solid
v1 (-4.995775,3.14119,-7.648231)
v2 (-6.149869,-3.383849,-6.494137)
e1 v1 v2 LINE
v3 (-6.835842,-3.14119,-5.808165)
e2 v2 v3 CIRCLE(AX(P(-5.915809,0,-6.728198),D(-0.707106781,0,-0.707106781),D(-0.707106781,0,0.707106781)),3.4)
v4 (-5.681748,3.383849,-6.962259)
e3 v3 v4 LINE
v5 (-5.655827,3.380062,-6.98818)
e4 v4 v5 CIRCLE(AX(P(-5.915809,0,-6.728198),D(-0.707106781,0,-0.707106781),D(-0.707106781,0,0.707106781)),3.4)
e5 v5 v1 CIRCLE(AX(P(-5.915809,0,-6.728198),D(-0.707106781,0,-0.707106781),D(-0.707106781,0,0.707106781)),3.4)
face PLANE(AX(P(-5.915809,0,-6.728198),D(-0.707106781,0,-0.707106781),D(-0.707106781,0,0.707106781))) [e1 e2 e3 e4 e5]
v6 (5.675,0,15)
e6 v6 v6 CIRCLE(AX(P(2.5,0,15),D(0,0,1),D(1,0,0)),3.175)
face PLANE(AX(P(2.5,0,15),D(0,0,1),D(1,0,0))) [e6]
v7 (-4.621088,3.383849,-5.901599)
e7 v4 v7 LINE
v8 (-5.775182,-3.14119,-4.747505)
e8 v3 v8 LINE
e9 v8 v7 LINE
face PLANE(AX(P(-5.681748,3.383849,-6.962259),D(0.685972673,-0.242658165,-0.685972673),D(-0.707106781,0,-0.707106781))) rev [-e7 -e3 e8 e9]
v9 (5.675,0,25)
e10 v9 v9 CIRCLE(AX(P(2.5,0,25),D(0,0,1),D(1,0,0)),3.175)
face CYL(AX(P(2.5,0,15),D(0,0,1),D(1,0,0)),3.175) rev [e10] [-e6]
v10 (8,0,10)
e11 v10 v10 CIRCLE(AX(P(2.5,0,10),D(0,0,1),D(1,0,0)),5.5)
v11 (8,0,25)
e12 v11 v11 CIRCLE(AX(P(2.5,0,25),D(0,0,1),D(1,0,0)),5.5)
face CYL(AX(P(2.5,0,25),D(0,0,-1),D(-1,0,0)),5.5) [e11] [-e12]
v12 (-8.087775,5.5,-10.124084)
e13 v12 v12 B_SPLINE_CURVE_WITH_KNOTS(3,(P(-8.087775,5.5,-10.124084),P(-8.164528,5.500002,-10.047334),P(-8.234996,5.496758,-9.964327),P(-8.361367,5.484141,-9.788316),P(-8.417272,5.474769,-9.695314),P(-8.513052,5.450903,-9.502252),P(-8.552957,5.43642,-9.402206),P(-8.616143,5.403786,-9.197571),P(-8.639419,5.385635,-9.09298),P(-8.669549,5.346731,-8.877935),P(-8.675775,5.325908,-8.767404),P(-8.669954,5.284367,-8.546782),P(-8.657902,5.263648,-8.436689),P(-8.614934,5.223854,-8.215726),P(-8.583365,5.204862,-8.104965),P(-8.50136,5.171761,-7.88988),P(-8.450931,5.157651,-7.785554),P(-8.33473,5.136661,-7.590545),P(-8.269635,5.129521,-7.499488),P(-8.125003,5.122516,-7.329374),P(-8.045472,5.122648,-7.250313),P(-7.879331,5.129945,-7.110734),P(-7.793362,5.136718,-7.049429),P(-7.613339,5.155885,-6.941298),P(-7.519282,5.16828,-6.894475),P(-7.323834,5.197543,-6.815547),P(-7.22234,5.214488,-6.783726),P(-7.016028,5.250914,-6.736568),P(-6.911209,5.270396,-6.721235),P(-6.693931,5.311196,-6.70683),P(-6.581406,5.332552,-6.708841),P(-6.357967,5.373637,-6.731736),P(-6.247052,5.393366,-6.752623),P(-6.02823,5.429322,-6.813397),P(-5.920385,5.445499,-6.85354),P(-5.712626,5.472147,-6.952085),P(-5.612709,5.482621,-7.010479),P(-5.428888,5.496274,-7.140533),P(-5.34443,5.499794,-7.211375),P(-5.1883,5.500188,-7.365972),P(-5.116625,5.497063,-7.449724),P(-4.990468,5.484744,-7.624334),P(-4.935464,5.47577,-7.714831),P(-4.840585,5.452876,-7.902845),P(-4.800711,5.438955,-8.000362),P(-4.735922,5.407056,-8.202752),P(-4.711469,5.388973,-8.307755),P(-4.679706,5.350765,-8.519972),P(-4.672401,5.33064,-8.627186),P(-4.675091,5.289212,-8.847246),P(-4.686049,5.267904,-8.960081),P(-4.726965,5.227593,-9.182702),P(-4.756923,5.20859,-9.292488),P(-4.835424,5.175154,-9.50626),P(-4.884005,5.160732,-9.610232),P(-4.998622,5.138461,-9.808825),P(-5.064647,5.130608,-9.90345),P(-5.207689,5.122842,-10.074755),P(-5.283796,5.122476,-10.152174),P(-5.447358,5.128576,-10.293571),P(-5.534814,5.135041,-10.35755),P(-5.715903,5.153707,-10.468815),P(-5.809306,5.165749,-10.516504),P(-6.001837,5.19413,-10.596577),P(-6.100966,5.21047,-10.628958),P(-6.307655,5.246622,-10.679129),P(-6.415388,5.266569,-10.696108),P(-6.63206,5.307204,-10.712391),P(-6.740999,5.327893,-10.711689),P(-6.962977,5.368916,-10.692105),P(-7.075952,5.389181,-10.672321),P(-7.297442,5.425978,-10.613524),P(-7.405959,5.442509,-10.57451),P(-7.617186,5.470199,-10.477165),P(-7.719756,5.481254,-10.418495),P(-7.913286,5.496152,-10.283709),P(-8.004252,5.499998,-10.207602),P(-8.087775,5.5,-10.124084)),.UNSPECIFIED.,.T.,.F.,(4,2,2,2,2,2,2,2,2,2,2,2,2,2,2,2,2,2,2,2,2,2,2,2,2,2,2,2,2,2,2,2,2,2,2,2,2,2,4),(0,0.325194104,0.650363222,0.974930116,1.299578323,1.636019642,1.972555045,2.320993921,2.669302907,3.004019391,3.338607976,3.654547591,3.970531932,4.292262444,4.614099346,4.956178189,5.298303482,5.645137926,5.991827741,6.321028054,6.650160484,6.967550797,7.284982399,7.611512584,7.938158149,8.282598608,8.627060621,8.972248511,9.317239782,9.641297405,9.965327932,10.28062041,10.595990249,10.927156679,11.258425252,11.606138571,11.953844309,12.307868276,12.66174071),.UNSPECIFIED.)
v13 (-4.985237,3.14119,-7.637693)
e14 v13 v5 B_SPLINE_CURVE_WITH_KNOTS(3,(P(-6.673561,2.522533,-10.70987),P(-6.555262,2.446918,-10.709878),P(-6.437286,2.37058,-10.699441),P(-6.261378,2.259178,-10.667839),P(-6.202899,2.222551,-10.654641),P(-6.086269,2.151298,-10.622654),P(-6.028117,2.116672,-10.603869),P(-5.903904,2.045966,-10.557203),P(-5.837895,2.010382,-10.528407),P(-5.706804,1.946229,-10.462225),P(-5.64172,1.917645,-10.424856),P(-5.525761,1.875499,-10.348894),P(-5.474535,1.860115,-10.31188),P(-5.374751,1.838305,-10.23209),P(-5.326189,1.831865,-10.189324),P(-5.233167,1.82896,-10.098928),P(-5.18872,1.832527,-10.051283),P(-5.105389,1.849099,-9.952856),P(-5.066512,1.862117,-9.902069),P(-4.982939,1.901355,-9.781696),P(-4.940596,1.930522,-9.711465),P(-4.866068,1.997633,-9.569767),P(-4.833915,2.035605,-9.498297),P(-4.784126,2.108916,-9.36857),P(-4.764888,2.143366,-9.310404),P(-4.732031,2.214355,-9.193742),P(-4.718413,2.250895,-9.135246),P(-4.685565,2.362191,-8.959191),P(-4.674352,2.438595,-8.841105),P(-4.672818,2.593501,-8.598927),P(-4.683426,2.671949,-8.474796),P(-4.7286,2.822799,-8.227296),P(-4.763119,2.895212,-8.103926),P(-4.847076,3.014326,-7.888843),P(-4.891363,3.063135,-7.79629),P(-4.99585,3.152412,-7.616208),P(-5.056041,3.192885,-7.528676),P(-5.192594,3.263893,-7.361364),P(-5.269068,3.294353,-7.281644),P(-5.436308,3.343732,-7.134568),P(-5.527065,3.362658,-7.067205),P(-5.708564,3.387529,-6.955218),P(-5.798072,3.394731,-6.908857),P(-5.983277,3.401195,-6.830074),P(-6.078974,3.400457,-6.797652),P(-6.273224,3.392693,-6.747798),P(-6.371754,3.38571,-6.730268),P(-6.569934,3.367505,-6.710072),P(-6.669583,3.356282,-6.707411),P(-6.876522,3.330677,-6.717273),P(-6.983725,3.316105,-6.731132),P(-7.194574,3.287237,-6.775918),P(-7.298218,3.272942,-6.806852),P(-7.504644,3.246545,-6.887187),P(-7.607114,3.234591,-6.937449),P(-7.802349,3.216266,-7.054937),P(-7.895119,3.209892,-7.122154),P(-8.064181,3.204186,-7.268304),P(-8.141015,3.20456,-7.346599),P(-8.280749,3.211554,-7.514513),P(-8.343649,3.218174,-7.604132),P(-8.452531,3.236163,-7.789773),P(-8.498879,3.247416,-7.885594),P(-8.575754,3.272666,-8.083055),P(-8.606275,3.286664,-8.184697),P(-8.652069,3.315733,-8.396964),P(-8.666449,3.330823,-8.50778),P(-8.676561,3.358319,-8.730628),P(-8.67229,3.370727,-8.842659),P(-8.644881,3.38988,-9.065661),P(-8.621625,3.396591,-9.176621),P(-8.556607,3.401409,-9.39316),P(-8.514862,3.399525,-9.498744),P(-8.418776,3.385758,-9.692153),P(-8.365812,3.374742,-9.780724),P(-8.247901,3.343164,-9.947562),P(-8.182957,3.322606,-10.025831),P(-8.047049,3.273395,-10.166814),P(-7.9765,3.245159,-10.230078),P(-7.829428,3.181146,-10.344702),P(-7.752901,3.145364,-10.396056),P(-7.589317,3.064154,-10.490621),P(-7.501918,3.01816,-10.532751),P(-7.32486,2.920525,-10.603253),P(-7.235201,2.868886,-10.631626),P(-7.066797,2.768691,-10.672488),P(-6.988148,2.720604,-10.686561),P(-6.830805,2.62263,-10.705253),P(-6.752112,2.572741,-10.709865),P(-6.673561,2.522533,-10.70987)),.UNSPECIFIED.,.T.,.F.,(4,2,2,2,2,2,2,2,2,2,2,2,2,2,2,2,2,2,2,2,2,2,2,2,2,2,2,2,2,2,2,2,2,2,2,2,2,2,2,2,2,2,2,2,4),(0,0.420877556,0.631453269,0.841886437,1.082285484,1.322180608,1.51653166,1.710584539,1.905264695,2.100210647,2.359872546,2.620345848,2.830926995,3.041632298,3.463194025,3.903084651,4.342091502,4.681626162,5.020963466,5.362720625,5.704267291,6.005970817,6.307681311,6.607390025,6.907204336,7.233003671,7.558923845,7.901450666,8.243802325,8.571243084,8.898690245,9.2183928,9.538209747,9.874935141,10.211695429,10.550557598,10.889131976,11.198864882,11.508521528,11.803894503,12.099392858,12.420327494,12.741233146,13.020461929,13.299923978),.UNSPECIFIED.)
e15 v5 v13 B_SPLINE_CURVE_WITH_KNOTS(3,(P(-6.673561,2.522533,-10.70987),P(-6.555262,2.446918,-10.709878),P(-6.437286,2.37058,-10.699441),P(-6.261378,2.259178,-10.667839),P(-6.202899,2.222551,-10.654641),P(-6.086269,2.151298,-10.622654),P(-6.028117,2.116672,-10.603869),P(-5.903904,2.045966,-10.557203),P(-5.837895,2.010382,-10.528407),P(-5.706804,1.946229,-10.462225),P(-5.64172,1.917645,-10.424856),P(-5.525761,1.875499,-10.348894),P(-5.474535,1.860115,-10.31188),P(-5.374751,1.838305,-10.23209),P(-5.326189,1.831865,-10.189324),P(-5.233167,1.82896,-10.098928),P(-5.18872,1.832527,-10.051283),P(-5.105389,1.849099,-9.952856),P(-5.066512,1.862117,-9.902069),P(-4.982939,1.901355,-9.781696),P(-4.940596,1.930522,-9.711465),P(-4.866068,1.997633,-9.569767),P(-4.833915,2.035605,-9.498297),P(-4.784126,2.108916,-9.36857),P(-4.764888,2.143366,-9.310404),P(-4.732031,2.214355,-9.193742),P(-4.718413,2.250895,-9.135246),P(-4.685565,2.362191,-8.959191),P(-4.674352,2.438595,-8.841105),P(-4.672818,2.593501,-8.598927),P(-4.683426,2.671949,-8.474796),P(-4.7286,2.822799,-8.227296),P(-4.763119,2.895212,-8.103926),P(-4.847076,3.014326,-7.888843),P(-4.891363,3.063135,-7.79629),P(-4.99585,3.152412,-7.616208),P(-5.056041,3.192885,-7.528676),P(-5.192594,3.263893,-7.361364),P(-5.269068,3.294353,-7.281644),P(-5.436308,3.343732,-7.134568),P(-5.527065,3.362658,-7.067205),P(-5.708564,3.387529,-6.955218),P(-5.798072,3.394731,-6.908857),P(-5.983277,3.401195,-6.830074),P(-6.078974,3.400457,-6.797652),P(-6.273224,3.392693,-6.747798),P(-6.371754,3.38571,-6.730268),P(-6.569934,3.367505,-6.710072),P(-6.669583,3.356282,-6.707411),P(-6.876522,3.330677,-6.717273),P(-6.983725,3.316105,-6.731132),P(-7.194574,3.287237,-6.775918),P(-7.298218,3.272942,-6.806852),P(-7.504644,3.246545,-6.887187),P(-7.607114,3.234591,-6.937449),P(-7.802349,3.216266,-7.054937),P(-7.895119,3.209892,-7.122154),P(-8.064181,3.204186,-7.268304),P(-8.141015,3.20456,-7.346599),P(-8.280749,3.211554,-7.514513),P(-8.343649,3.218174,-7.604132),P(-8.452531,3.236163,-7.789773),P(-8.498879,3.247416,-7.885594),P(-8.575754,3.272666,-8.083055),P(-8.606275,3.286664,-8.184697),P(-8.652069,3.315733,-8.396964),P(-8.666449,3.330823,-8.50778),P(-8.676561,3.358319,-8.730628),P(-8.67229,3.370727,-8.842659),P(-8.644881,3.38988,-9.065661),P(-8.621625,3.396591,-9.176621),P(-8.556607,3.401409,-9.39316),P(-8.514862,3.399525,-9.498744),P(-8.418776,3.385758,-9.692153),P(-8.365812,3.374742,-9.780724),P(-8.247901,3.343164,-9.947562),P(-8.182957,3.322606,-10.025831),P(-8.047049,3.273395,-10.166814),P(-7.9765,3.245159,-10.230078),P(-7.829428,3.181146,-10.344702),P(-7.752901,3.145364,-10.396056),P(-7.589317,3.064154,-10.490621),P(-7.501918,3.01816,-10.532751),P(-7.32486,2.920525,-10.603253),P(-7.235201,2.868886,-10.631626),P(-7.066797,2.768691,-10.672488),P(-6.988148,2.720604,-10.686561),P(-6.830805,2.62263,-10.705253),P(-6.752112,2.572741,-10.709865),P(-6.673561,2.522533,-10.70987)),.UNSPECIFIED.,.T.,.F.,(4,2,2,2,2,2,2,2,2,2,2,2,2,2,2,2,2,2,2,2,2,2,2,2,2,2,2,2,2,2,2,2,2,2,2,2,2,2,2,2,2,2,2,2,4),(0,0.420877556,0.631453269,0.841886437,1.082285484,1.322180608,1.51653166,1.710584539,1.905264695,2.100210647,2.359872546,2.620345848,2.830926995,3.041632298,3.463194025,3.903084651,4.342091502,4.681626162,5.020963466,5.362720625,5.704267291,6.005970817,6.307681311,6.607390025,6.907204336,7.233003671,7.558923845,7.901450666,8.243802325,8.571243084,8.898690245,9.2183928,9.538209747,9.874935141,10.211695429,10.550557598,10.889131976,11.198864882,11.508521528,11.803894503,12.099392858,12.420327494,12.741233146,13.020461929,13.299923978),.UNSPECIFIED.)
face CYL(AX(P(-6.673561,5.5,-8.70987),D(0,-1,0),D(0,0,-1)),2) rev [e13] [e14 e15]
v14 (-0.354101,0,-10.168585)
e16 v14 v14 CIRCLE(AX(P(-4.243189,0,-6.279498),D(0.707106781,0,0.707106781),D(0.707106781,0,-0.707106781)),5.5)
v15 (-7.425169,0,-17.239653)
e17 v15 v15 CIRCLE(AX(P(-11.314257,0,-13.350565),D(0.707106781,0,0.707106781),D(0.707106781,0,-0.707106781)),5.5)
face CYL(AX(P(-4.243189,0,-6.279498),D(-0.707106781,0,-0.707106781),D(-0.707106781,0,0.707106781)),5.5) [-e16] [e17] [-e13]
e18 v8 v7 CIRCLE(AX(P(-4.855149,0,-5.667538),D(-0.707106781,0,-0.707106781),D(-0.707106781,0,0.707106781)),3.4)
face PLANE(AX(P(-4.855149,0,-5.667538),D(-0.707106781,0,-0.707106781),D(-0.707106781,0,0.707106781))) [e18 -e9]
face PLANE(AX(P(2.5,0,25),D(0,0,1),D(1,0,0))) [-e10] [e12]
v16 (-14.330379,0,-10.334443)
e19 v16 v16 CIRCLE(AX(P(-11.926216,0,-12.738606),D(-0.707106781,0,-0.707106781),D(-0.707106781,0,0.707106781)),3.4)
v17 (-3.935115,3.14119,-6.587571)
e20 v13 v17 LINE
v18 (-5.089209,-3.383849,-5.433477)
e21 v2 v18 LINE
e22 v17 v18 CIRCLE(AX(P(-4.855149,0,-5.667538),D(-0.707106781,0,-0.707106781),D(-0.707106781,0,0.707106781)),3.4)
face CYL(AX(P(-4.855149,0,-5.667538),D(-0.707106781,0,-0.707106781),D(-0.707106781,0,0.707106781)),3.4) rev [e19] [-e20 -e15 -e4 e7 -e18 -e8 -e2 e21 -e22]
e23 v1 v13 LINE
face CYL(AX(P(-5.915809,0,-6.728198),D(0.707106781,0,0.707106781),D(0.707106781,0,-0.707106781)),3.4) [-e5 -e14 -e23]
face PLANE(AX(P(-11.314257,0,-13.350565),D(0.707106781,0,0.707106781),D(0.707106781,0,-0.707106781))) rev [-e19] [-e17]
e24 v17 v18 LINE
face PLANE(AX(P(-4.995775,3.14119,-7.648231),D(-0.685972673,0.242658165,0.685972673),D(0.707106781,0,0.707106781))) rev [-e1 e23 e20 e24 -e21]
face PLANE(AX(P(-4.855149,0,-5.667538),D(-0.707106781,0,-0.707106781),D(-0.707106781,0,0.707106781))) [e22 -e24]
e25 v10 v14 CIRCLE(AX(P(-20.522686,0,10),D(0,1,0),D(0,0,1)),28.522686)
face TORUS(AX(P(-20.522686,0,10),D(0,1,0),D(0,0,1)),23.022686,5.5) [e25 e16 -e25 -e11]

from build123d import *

# Parameters (mm, degrees)
SKETCH4_R           = 5.5
SKETCH6_R           = 3.175
HOLE_SHAFT_DEPTH    = 10
SKETCH7_R           = 3.4
HOLE_POT_DEPTH      = 10
SKETCH8_R           = 2
HOLE_INSERT_DEPTH   = 6.5000001
BOSS_EXTRUDE3_DEPTH = 1.5


with BuildPart() as part:
    # Sweep2: sweep along a path in PROFILE
    with BuildLine(Plane(origin=(0, 0, 0), x_dir=(1, 0, 0), z_dir=(0, 1, 0))) as sweep2_path:
        Line((2.5, -25), (2.5, -10))
        ThreePointArc((2.5, -10), (0.747502348, -1.189599343), (-4.243188728, 6.27949768))
        Line((-4.243188728, 6.27949768), (-11.31425654, 13.350565492))
    # Sketch4 → Sweep2 (sweep)
    with BuildSketch(Plane.XY.offset(25)):
        with Locations((2.5, 0)):
            Circle(SKETCH4_R)
    sweep(path=sweep2_path.line)

    # Sketch6 → HOLE_SHAFT (cut)
    with BuildSketch(Plane.XY.offset(25)):
        with Locations((2.5, 0)):
            Circle(SKETCH6_R)
    extrude(amount=-HOLE_SHAFT_DEPTH, mode=Mode.SUBTRACT)

    # Sketch7 → HOLE_POT (cut)
    with BuildSketch(Plane(origin=(-12.332411016, 0, -12.332411016), x_dir=(-0.707106781, 0, 0.707106781), z_dir=(-0.707106781, 0, -0.707106781))):
        with Locations((-0.57444604, 0)):
            Circle(SKETCH7_R)
    extrude(amount=-HOLE_POT_DEPTH, mode=Mode.SUBTRACT)

    # Sketch8 → HOLE_INSERT (cut, through all)
    with BuildSketch(Plane(origin=(0, 0, 0), x_dir=(1, 0, 0), z_dir=(0, 1, 0))):
        with Locations((-6.673561157, 8.709870109)):
            Circle(SKETCH8_R)
    extrude(amount=HOLE_INSERT_DEPTH, mode=Mode.SUBTRACT)

    # Sketch11 → Boss-Extrude3 (add)
    with BuildSketch(Plane(origin=(-5.261343204, 0, -5.261343204), x_dir=(-0.707106781, 0, 0.707106781), z_dir=(-0.707106781, 0, -0.707106781))):
        with BuildLine():
            Line((-0.905457853, 3.383848575), (0.72667763, -3.141190411))
            ThreePointArc((0.72667763, -3.141190411), (0.250591719, -3.298380314), (-0.243434227, -3.383848575))
            Line((-0.243434227, -3.383848575), (-1.87556971, 3.141190411))
            ThreePointArc((-1.87556971, 3.141190411), (-1.3994838, 3.298380314), (-0.905457853, 3.383848575))
        make_face()
    extrude(amount=BOSS_EXTRUDE3_DEPTH)


solid = part.part
